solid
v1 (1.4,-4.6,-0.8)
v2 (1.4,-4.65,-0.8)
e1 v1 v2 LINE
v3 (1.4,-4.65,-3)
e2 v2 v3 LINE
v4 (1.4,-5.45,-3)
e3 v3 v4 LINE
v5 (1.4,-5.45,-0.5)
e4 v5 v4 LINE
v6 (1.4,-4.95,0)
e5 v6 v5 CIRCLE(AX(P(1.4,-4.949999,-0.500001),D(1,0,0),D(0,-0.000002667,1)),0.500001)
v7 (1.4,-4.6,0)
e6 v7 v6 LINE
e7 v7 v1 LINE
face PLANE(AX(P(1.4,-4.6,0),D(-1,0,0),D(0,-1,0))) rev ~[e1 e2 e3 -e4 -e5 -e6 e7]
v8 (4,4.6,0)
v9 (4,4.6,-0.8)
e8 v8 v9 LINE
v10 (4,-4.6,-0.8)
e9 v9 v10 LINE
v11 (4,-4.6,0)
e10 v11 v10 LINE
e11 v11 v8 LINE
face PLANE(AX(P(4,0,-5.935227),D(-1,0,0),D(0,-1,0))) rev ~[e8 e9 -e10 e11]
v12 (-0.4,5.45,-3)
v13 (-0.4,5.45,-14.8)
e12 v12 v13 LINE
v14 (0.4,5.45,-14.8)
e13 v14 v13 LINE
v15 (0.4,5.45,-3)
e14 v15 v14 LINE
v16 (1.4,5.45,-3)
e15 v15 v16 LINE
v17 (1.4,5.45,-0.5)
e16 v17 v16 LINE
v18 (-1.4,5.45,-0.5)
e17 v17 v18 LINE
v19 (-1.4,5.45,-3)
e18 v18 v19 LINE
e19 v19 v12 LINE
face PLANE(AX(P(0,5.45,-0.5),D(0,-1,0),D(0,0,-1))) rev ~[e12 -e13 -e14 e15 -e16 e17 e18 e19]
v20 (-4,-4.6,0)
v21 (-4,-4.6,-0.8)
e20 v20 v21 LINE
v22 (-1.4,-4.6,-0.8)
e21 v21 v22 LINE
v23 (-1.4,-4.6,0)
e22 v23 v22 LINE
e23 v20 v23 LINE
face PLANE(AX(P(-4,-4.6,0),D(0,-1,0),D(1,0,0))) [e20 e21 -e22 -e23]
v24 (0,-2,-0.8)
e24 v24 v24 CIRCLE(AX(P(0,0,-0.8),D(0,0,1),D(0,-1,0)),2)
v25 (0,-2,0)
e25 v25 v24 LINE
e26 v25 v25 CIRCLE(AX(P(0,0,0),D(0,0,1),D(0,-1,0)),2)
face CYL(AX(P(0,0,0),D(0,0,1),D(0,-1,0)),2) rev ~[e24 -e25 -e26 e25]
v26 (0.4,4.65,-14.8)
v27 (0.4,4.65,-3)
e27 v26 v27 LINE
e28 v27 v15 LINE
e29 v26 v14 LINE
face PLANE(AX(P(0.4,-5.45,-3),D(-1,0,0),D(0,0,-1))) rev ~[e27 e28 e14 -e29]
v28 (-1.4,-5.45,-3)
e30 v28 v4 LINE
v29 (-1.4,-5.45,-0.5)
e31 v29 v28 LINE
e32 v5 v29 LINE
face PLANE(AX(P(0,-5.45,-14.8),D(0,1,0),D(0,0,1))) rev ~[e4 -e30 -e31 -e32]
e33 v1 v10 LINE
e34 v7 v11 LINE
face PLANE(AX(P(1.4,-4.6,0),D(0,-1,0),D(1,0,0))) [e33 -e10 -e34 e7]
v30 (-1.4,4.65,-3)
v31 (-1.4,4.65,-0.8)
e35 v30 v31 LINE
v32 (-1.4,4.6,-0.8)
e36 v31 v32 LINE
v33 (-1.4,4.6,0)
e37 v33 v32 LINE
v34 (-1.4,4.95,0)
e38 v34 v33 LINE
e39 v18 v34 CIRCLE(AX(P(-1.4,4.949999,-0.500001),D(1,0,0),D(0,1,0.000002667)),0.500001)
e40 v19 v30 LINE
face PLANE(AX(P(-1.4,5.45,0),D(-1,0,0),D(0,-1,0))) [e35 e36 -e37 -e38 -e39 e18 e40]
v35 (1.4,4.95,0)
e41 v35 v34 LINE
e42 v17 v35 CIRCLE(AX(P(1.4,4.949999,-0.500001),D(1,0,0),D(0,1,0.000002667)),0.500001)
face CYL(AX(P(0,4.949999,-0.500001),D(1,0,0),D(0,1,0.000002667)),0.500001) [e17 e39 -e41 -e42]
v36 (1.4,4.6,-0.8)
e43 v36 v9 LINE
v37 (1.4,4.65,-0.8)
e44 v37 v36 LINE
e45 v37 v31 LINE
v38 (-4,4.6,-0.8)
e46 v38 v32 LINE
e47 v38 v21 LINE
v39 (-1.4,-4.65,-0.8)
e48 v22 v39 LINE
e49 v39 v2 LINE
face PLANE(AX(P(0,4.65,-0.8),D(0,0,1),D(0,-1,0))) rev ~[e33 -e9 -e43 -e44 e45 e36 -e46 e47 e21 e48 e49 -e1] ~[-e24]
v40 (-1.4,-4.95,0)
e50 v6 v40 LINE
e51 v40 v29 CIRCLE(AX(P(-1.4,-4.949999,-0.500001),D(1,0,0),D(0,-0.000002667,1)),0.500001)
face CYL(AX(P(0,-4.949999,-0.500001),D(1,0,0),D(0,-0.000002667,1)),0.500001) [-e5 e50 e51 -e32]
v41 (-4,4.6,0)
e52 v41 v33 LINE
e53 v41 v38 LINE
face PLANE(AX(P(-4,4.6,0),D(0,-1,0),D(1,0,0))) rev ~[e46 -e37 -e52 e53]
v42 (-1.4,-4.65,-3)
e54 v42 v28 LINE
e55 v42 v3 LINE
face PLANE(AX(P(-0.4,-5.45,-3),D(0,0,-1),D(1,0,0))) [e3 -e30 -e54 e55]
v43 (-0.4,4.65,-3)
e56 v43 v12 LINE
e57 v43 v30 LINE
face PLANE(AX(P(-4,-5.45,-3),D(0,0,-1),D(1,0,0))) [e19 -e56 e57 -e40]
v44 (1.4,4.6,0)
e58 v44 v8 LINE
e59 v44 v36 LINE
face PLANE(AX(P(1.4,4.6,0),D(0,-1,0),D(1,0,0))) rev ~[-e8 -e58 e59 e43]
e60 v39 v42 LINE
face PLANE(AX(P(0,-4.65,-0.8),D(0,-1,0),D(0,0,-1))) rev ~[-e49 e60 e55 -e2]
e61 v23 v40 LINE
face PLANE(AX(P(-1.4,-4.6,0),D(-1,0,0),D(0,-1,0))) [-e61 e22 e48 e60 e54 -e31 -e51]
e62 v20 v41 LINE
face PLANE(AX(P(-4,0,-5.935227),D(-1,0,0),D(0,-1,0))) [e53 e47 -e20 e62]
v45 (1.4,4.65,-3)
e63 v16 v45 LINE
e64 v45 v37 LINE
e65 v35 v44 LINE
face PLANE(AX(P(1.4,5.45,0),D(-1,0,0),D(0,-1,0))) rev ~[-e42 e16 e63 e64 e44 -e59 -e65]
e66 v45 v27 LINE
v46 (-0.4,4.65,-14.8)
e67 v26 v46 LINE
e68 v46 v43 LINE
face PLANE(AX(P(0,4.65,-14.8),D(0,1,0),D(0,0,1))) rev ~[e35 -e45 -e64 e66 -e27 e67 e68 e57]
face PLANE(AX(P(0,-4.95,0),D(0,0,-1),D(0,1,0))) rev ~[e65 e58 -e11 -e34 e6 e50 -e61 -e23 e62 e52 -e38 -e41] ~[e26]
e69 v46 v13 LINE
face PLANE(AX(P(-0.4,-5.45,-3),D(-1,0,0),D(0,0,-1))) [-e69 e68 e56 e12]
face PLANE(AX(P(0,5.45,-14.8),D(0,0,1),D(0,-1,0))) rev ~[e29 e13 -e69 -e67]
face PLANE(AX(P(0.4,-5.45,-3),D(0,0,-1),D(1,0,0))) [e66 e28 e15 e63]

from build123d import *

# Parameters (mm, degrees)
PAD_DEPTH       = 4
SKETCH001_R     = 2
SKETCH001_W     = 0.85
SKETCH001_H     = 2.6
POCKET_DEPTH    = 10
SKETCH002_W     = 11.8
SKETCH002_H     = 3.6
POCKET001_DEPTH = 15
SKETCH003_W     = 11.8
SKETCH003_H     = 0.8
POCKET002_DEPTH = 5


with BuildPart() as part:
    # Sketch → Pad (new body, symmetric)
    with BuildSketch(Plane.YZ):
        with BuildLine():
            Line((-5.45, -14.8), (-5.45, -0.5))
            ThreePointArc((-4.95, 0), (-5.303553, -0.146447), (-5.45, -0.5))
            Line((-4.95, 0), (4.95, 0))
            ThreePointArc((5.45, -0.5), (5.303553, -0.146447), (4.95, 0))
            Line((5.45, -0.5), (5.45, -14.8))
            Line((5.45, -14.8), (4.65, -14.8))
            Line((4.65, -14.8), (4.65, -0.8))
            Line((4.65, -0.8), (-4.65, -0.8))
            Line((-4.65, -0.8), (-4.65, -14.8))
            Line((-4.65, -14.8), (-5.45, -14.8))
        make_face()
    extrude(amount=PAD_DEPTH, both=True)

    # Sketch001 (on Face9 of Pad) → Pocket (cut)
    with BuildSketch(Plane(origin=(0, 0, 0), x_dir=(0, -1, 0), z_dir=(0, 0, 1))):
        Circle(SKETCH001_R)
        with Locations((-5.025, 2.7)):
            Rectangle(SKETCH001_W, SKETCH001_H)
        with Locations((-5.025, -2.7)):
            Rectangle(SKETCH001_W, SKETCH001_H)
        with Locations((5.025, 2.7)):
            Rectangle(SKETCH001_W, SKETCH001_H)
        with Locations((5.025, -2.7)):
            Rectangle(SKETCH001_W, SKETCH001_H)
    extrude(amount=-POCKET_DEPTH, mode=Mode.SUBTRACT)

    # Sketch002 (on Face24 of Pocket) → Pocket001 (cut)
    with BuildSketch(Plane(origin=(0, -5.45, 0), x_dir=(0, 0, -1), z_dir=(0, -1, 0))):
        with Locations((8.9, 2.2)):
            Rectangle(SKETCH002_W, SKETCH002_H)
        with Locations((8.9, -2.2)):
            Rectangle(SKETCH002_W, SKETCH002_H)
    extrude(amount=-POCKET001_DEPTH, mode=Mode.SUBTRACT)

    # Sketch003 (on Face24 of Pocket001) → Pocket002 (cut)
    with BuildSketch(Plane(origin=(0, -5.45, 0), x_dir=(0, 0, -1), z_dir=(0, -1, 0))):
        with Locations((8.9, 0)):
            Rectangle(SKETCH003_W, SKETCH003_H)
    extrude(amount=-POCKET002_DEPTH, mode=Mode.SUBTRACT)


solid = part.part
